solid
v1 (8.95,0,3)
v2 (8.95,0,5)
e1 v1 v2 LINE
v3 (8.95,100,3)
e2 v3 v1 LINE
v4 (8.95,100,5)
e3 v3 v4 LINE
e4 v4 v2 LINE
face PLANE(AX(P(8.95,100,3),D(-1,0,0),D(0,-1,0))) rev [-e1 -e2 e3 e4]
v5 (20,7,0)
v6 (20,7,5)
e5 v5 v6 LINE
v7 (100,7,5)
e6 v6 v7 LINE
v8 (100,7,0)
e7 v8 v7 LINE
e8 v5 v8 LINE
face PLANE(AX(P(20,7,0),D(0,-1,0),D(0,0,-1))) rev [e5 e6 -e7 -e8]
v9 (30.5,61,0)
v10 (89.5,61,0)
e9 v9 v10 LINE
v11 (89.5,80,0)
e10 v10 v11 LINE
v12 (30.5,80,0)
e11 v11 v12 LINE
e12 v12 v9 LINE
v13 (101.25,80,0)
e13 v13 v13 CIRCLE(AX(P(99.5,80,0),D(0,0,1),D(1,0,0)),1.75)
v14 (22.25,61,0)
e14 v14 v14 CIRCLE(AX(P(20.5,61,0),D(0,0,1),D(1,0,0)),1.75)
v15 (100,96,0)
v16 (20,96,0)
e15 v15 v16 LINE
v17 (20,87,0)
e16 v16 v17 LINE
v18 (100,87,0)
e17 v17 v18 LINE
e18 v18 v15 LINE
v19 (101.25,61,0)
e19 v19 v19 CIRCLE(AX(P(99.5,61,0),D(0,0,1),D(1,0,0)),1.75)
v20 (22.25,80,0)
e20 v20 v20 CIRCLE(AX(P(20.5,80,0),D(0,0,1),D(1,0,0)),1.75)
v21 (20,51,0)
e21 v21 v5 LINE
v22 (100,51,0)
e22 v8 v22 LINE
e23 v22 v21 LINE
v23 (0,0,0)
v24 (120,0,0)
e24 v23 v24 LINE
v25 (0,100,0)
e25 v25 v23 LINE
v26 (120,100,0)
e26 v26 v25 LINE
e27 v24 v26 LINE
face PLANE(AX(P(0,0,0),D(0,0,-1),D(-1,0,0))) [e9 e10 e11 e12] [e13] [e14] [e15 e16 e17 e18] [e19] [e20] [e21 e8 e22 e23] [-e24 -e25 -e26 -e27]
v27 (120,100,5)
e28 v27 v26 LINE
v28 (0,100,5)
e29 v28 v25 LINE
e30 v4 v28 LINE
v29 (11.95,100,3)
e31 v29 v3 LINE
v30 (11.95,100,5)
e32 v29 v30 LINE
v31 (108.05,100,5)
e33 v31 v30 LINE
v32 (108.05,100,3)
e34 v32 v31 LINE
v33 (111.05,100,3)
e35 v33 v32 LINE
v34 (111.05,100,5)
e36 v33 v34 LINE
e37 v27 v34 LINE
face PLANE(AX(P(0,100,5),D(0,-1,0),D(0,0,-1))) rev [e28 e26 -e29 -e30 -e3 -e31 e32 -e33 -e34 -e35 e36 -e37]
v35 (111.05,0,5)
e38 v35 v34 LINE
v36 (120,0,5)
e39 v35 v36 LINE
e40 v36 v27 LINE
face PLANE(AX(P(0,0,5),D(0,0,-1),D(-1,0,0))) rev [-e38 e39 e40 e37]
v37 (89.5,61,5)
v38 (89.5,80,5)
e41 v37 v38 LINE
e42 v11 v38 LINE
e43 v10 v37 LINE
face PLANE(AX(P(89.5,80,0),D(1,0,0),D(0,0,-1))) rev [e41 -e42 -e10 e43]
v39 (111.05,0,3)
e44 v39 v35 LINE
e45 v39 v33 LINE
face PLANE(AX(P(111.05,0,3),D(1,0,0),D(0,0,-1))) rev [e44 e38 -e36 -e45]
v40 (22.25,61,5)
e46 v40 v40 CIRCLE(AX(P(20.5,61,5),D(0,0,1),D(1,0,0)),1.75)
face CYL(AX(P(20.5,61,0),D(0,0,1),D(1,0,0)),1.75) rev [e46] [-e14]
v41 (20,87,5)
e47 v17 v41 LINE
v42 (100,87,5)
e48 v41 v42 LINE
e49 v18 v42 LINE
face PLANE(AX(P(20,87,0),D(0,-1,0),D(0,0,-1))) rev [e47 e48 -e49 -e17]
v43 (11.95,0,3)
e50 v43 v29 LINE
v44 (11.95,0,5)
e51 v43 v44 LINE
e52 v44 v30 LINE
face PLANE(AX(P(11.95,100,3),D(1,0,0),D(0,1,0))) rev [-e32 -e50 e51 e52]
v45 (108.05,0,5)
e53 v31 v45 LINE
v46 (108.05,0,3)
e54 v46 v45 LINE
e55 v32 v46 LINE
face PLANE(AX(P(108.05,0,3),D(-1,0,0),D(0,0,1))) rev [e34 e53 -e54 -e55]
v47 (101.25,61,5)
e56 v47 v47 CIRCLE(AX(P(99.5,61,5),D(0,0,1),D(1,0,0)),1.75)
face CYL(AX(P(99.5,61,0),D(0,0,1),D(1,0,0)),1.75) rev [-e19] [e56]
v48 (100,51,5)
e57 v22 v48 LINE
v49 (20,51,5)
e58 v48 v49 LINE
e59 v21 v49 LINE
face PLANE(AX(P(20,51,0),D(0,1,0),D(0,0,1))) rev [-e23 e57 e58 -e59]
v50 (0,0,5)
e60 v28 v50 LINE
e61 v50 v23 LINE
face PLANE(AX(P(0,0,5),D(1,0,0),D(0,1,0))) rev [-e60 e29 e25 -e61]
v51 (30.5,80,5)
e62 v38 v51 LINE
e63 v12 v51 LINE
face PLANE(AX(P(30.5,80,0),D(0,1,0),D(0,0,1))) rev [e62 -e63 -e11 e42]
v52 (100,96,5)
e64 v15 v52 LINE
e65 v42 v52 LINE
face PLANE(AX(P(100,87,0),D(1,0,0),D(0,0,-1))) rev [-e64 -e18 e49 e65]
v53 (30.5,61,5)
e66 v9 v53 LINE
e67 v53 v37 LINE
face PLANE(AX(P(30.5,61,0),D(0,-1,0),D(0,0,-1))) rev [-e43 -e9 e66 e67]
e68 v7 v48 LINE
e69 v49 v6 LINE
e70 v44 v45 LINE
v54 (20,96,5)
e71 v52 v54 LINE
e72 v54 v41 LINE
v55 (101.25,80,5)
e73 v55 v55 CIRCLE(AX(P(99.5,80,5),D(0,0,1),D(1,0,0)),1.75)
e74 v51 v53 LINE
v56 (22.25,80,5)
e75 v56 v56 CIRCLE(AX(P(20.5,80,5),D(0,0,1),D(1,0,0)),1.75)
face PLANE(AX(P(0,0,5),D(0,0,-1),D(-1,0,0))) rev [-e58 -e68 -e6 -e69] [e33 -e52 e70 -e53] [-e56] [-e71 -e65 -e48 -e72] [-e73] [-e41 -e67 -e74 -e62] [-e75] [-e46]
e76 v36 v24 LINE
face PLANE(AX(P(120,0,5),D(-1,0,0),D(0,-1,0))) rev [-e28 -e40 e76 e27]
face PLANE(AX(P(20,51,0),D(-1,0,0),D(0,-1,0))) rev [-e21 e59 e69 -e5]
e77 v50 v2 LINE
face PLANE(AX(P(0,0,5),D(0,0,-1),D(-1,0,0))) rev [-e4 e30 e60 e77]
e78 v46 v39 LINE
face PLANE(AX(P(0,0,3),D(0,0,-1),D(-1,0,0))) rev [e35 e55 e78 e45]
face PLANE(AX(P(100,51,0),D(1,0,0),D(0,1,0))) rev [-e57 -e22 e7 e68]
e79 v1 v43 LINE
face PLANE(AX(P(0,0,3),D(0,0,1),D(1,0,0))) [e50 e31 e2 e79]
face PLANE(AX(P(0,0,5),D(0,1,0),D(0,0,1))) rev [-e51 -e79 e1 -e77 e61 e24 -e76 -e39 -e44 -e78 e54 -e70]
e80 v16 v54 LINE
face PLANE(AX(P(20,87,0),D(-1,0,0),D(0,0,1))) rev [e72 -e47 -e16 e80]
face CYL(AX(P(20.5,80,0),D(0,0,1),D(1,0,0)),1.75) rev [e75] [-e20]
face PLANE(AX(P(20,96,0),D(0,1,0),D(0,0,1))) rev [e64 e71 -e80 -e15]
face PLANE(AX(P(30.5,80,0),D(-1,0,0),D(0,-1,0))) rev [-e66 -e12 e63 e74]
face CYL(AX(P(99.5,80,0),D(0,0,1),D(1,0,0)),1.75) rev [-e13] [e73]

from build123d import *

# Parameters (mm, degrees)
SKETCH_1_W          = 120
SKETCH_1_H          = 100
EXTRUDE_1_DEPTH     = 5
SKETCH_2_W          = 3
SKETCH_2_H          = 100
CUT_EXTRUDE_1_DEPTH = 2
SKETCH_3_R          = 1.75
SKETCH_3_W          = 80
SKETCH_3_H          = 44
SKETCH_3_H_2        = 9
SKETCH_3_W_2        = 59
SKETCH_3_H_3        = 19
CUT_EXTRUDE_2_DEPTH = 157.284996081


with BuildPart() as part:
    # 草图1 → 凸台-拉伸1 (new body)
    with BuildSketch(Plane.XY):
        with Locations((60, 50)):
            Rectangle(SKETCH_1_W, SKETCH_1_H)
    extrude(amount=EXTRUDE_1_DEPTH)

    # 草图2 → 切除-拉伸1 (cut)
    with BuildSketch(Plane.XY.offset(5)):
        with Locations((10.45, 50)):
            Rectangle(SKETCH_2_W, SKETCH_2_H)
        with Locations((109.55, 50)):
            Rectangle(SKETCH_2_W, SKETCH_2_H)
    extrude(amount=-CUT_EXTRUDE_1_DEPTH, mode=Mode.SUBTRACT)

    # 草图3 → 切除-拉伸2 (cut, through all)
    with BuildSketch(Plane.XY.offset(5)):
        with Locations((20.5, 80)):
            Circle(SKETCH_3_R)
        with Locations((20.5, 61)):
            Circle(SKETCH_3_R)
        with Locations((99.5, 80)):
            Circle(SKETCH_3_R)
        with Locations((99.5, 61)):
            Circle(SKETCH_3_R)
        with Locations((60, 29)):
            Rectangle(SKETCH_3_W, SKETCH_3_H)
        with Locations((60, 91.5)):
            Rectangle(SKETCH_3_W, SKETCH_3_H_2)
        with Locations((60, 70.5)):
            Rectangle(SKETCH_3_W_2, SKETCH_3_H_3)
    extrude(amount=-CUT_EXTRUDE_2_DEPTH, mode=Mode.SUBTRACT)


solid = part.part
